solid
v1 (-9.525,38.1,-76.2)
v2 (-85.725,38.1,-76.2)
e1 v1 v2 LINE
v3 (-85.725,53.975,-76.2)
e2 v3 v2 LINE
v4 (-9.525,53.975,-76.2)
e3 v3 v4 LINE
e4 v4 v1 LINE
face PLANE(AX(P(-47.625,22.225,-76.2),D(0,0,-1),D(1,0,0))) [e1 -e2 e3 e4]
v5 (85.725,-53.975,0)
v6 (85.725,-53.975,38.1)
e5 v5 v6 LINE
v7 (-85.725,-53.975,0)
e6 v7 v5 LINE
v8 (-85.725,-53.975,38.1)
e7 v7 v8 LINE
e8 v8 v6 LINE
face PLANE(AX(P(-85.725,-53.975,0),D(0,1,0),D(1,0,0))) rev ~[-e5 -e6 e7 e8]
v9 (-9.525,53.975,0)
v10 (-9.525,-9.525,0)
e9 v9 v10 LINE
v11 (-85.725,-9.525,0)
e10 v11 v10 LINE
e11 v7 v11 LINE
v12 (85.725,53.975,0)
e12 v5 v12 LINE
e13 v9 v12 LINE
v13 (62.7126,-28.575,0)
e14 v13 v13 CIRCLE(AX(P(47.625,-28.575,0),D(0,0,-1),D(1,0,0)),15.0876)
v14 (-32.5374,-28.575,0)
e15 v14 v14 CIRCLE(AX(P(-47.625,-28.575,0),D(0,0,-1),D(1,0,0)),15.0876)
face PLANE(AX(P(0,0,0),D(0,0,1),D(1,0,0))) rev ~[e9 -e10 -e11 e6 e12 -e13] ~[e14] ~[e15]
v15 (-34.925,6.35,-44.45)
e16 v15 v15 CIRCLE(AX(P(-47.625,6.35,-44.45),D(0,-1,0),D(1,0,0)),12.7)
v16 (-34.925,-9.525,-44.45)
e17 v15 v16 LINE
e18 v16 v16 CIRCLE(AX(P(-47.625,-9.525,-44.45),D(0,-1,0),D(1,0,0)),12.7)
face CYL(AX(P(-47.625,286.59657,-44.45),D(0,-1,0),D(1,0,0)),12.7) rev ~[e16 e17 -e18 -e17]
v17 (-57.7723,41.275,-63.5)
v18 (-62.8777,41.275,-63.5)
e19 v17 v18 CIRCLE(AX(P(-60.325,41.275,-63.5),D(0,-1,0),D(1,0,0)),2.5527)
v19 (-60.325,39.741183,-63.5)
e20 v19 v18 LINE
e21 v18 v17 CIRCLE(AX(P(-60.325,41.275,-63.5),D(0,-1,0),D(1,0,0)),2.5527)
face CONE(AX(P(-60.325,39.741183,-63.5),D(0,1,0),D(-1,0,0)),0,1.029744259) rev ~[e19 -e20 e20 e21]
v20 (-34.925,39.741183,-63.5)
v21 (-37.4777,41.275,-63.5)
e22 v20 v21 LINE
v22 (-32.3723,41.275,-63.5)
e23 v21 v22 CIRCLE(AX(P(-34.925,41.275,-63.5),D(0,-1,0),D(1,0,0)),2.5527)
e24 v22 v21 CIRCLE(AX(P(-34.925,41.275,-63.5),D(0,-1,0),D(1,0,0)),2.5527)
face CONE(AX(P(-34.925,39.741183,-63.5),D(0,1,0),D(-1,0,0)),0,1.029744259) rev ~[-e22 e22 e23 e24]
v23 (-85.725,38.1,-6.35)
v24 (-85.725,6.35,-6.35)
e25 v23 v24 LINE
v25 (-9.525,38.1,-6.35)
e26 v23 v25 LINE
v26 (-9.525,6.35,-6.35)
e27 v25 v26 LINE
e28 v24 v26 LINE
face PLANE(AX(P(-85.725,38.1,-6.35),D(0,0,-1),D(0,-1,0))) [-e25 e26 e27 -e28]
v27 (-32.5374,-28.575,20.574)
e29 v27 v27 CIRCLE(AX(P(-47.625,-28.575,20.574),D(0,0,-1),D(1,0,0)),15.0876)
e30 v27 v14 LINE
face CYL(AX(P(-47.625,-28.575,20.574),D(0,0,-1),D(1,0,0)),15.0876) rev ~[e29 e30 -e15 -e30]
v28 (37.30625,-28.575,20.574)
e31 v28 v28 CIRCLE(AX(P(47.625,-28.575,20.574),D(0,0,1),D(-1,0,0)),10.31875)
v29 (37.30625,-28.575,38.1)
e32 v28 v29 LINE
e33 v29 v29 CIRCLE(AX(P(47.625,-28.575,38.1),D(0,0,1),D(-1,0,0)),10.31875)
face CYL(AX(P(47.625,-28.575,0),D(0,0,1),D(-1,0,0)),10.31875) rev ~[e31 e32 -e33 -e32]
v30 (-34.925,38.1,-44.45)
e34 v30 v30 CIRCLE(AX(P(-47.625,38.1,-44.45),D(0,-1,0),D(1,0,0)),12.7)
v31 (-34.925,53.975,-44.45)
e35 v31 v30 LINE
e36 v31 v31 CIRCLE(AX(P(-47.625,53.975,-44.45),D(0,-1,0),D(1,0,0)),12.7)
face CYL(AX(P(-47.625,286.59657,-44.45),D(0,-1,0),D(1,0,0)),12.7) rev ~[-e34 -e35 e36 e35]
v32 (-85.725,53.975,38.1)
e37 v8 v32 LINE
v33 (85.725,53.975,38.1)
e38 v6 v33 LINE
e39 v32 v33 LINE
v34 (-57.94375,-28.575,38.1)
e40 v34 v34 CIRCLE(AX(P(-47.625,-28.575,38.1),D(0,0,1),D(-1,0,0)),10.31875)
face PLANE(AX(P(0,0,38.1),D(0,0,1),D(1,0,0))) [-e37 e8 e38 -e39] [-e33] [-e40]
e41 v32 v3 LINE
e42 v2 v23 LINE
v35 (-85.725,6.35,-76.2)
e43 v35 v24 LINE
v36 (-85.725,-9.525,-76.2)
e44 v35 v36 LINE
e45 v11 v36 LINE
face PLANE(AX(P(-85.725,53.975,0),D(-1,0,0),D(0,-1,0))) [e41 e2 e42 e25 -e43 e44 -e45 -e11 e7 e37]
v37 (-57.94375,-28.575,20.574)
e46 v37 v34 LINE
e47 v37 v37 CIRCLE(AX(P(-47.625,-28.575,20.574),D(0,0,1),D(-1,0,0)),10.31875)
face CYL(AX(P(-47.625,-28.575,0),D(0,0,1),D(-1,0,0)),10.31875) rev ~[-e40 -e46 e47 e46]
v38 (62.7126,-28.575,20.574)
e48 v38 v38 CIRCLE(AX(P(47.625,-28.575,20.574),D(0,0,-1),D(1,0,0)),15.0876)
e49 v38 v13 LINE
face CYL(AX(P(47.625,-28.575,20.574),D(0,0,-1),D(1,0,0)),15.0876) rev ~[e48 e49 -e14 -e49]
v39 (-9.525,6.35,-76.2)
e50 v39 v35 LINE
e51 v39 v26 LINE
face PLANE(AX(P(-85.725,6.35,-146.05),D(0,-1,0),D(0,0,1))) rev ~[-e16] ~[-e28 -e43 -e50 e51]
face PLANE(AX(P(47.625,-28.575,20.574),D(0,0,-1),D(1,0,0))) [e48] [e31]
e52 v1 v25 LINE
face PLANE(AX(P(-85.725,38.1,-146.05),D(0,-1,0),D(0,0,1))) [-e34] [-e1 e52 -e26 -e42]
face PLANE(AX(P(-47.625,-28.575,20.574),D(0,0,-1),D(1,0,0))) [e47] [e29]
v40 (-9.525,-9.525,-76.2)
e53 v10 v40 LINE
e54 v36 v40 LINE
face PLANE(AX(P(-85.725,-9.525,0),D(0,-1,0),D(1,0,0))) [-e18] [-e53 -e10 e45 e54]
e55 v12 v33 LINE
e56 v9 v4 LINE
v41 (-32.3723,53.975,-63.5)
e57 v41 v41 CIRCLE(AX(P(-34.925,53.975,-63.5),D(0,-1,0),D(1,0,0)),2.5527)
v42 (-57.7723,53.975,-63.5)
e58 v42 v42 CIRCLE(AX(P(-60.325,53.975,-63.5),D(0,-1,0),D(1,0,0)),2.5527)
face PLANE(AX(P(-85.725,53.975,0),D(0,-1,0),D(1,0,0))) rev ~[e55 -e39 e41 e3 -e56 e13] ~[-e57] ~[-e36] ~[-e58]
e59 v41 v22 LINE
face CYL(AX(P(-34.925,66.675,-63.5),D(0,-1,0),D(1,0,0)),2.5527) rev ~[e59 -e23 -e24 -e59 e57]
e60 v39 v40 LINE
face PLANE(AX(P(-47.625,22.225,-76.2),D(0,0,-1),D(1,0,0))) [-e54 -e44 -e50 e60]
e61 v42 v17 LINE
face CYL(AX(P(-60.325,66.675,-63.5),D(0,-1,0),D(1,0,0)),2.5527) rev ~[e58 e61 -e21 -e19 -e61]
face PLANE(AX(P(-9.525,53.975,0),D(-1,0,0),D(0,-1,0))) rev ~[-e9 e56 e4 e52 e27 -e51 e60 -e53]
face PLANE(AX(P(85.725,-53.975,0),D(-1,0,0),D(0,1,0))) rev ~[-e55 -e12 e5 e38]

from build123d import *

# Parameters (mm, degrees)
F0_W           = 171.45
F0_H           = 107.95
F1_DEPTH       = 38.1
F3_D           = 20.6375
F3_CBORE_D     = 30.1752
F3_CBORE_DEPTH = 20.574
F2_W           = 76.2
F2_H           = 63.5
F4_DEPTH       = 76.2
F5_W           = 31.75
F5_H           = 139.7
F6_DEPTH       = 171.451
F8_D           = 25.4
F10_D          = 5.1054
F10_DEPTH      = 12.7
F10_TIP        = 1.5338169022


with BuildPart() as f1:
    # F0 (on Top) → F1 (new body)
    with BuildSketch(Plane.XY):
        Rectangle(F0_W, F0_H)
    extrude(amount=F1_DEPTH)

    # F3 (through all)
    with Locations(Plane(origin=(0, 0, 0), x_dir=(1, 0, 0), z_dir=(0, 0, -1))):
        with Locations((-47.625, 28.575), (47.625, 28.575)):
            CounterBoreHole(F3_D / 2, F3_CBORE_D / 2, F3_CBORE_DEPTH)

    # F2 (on face) → F4 (join)
    with BuildSketch(Plane(origin=(0, 0, 0), x_dir=(1, 0, 0), z_dir=(0, 0, -1))):
        with Locations((-47.625, -22.225)):
            Rectangle(F2_W, F2_H)
    extrude(amount=F4_DEPTH)

    # F5 (on face) → F6 (cut, through all)
    with BuildSketch(Plane(origin=(-85.725, 0, 0), x_dir=(0, -1, 0), z_dir=(-1, 0, 0))):
        with Locations((-22.225, -76.2)):
            Rectangle(F5_W, F5_H)
    extrude(amount=-F6_DEPTH, mode=Mode.SUBTRACT)

    # F8 (through all)
    with Locations(Plane(origin=(0, 53.975, 0), x_dir=(-1, 0, 0), z_dir=(0, 1, 0))):
        with Locations((47.625, -44.45)):
            Hole(F8_D / 2)

    # F10
    with Locations(Plane(origin=(0, 53.975, 0), x_dir=(-1, 0, 0), z_dir=(0, 1, 0))):
        with Locations((34.925, -63.5), (60.325, -63.5)):
            Hole(F10_D / 2, depth=F10_DEPTH)
            with Locations((0, 0, -(F10_DEPTH + F10_TIP / 2))):  # 118° drill point
                Cone(0, F10_D / 2, F10_TIP, mode=Mode.SUBTRACT)


solid = f1.part
